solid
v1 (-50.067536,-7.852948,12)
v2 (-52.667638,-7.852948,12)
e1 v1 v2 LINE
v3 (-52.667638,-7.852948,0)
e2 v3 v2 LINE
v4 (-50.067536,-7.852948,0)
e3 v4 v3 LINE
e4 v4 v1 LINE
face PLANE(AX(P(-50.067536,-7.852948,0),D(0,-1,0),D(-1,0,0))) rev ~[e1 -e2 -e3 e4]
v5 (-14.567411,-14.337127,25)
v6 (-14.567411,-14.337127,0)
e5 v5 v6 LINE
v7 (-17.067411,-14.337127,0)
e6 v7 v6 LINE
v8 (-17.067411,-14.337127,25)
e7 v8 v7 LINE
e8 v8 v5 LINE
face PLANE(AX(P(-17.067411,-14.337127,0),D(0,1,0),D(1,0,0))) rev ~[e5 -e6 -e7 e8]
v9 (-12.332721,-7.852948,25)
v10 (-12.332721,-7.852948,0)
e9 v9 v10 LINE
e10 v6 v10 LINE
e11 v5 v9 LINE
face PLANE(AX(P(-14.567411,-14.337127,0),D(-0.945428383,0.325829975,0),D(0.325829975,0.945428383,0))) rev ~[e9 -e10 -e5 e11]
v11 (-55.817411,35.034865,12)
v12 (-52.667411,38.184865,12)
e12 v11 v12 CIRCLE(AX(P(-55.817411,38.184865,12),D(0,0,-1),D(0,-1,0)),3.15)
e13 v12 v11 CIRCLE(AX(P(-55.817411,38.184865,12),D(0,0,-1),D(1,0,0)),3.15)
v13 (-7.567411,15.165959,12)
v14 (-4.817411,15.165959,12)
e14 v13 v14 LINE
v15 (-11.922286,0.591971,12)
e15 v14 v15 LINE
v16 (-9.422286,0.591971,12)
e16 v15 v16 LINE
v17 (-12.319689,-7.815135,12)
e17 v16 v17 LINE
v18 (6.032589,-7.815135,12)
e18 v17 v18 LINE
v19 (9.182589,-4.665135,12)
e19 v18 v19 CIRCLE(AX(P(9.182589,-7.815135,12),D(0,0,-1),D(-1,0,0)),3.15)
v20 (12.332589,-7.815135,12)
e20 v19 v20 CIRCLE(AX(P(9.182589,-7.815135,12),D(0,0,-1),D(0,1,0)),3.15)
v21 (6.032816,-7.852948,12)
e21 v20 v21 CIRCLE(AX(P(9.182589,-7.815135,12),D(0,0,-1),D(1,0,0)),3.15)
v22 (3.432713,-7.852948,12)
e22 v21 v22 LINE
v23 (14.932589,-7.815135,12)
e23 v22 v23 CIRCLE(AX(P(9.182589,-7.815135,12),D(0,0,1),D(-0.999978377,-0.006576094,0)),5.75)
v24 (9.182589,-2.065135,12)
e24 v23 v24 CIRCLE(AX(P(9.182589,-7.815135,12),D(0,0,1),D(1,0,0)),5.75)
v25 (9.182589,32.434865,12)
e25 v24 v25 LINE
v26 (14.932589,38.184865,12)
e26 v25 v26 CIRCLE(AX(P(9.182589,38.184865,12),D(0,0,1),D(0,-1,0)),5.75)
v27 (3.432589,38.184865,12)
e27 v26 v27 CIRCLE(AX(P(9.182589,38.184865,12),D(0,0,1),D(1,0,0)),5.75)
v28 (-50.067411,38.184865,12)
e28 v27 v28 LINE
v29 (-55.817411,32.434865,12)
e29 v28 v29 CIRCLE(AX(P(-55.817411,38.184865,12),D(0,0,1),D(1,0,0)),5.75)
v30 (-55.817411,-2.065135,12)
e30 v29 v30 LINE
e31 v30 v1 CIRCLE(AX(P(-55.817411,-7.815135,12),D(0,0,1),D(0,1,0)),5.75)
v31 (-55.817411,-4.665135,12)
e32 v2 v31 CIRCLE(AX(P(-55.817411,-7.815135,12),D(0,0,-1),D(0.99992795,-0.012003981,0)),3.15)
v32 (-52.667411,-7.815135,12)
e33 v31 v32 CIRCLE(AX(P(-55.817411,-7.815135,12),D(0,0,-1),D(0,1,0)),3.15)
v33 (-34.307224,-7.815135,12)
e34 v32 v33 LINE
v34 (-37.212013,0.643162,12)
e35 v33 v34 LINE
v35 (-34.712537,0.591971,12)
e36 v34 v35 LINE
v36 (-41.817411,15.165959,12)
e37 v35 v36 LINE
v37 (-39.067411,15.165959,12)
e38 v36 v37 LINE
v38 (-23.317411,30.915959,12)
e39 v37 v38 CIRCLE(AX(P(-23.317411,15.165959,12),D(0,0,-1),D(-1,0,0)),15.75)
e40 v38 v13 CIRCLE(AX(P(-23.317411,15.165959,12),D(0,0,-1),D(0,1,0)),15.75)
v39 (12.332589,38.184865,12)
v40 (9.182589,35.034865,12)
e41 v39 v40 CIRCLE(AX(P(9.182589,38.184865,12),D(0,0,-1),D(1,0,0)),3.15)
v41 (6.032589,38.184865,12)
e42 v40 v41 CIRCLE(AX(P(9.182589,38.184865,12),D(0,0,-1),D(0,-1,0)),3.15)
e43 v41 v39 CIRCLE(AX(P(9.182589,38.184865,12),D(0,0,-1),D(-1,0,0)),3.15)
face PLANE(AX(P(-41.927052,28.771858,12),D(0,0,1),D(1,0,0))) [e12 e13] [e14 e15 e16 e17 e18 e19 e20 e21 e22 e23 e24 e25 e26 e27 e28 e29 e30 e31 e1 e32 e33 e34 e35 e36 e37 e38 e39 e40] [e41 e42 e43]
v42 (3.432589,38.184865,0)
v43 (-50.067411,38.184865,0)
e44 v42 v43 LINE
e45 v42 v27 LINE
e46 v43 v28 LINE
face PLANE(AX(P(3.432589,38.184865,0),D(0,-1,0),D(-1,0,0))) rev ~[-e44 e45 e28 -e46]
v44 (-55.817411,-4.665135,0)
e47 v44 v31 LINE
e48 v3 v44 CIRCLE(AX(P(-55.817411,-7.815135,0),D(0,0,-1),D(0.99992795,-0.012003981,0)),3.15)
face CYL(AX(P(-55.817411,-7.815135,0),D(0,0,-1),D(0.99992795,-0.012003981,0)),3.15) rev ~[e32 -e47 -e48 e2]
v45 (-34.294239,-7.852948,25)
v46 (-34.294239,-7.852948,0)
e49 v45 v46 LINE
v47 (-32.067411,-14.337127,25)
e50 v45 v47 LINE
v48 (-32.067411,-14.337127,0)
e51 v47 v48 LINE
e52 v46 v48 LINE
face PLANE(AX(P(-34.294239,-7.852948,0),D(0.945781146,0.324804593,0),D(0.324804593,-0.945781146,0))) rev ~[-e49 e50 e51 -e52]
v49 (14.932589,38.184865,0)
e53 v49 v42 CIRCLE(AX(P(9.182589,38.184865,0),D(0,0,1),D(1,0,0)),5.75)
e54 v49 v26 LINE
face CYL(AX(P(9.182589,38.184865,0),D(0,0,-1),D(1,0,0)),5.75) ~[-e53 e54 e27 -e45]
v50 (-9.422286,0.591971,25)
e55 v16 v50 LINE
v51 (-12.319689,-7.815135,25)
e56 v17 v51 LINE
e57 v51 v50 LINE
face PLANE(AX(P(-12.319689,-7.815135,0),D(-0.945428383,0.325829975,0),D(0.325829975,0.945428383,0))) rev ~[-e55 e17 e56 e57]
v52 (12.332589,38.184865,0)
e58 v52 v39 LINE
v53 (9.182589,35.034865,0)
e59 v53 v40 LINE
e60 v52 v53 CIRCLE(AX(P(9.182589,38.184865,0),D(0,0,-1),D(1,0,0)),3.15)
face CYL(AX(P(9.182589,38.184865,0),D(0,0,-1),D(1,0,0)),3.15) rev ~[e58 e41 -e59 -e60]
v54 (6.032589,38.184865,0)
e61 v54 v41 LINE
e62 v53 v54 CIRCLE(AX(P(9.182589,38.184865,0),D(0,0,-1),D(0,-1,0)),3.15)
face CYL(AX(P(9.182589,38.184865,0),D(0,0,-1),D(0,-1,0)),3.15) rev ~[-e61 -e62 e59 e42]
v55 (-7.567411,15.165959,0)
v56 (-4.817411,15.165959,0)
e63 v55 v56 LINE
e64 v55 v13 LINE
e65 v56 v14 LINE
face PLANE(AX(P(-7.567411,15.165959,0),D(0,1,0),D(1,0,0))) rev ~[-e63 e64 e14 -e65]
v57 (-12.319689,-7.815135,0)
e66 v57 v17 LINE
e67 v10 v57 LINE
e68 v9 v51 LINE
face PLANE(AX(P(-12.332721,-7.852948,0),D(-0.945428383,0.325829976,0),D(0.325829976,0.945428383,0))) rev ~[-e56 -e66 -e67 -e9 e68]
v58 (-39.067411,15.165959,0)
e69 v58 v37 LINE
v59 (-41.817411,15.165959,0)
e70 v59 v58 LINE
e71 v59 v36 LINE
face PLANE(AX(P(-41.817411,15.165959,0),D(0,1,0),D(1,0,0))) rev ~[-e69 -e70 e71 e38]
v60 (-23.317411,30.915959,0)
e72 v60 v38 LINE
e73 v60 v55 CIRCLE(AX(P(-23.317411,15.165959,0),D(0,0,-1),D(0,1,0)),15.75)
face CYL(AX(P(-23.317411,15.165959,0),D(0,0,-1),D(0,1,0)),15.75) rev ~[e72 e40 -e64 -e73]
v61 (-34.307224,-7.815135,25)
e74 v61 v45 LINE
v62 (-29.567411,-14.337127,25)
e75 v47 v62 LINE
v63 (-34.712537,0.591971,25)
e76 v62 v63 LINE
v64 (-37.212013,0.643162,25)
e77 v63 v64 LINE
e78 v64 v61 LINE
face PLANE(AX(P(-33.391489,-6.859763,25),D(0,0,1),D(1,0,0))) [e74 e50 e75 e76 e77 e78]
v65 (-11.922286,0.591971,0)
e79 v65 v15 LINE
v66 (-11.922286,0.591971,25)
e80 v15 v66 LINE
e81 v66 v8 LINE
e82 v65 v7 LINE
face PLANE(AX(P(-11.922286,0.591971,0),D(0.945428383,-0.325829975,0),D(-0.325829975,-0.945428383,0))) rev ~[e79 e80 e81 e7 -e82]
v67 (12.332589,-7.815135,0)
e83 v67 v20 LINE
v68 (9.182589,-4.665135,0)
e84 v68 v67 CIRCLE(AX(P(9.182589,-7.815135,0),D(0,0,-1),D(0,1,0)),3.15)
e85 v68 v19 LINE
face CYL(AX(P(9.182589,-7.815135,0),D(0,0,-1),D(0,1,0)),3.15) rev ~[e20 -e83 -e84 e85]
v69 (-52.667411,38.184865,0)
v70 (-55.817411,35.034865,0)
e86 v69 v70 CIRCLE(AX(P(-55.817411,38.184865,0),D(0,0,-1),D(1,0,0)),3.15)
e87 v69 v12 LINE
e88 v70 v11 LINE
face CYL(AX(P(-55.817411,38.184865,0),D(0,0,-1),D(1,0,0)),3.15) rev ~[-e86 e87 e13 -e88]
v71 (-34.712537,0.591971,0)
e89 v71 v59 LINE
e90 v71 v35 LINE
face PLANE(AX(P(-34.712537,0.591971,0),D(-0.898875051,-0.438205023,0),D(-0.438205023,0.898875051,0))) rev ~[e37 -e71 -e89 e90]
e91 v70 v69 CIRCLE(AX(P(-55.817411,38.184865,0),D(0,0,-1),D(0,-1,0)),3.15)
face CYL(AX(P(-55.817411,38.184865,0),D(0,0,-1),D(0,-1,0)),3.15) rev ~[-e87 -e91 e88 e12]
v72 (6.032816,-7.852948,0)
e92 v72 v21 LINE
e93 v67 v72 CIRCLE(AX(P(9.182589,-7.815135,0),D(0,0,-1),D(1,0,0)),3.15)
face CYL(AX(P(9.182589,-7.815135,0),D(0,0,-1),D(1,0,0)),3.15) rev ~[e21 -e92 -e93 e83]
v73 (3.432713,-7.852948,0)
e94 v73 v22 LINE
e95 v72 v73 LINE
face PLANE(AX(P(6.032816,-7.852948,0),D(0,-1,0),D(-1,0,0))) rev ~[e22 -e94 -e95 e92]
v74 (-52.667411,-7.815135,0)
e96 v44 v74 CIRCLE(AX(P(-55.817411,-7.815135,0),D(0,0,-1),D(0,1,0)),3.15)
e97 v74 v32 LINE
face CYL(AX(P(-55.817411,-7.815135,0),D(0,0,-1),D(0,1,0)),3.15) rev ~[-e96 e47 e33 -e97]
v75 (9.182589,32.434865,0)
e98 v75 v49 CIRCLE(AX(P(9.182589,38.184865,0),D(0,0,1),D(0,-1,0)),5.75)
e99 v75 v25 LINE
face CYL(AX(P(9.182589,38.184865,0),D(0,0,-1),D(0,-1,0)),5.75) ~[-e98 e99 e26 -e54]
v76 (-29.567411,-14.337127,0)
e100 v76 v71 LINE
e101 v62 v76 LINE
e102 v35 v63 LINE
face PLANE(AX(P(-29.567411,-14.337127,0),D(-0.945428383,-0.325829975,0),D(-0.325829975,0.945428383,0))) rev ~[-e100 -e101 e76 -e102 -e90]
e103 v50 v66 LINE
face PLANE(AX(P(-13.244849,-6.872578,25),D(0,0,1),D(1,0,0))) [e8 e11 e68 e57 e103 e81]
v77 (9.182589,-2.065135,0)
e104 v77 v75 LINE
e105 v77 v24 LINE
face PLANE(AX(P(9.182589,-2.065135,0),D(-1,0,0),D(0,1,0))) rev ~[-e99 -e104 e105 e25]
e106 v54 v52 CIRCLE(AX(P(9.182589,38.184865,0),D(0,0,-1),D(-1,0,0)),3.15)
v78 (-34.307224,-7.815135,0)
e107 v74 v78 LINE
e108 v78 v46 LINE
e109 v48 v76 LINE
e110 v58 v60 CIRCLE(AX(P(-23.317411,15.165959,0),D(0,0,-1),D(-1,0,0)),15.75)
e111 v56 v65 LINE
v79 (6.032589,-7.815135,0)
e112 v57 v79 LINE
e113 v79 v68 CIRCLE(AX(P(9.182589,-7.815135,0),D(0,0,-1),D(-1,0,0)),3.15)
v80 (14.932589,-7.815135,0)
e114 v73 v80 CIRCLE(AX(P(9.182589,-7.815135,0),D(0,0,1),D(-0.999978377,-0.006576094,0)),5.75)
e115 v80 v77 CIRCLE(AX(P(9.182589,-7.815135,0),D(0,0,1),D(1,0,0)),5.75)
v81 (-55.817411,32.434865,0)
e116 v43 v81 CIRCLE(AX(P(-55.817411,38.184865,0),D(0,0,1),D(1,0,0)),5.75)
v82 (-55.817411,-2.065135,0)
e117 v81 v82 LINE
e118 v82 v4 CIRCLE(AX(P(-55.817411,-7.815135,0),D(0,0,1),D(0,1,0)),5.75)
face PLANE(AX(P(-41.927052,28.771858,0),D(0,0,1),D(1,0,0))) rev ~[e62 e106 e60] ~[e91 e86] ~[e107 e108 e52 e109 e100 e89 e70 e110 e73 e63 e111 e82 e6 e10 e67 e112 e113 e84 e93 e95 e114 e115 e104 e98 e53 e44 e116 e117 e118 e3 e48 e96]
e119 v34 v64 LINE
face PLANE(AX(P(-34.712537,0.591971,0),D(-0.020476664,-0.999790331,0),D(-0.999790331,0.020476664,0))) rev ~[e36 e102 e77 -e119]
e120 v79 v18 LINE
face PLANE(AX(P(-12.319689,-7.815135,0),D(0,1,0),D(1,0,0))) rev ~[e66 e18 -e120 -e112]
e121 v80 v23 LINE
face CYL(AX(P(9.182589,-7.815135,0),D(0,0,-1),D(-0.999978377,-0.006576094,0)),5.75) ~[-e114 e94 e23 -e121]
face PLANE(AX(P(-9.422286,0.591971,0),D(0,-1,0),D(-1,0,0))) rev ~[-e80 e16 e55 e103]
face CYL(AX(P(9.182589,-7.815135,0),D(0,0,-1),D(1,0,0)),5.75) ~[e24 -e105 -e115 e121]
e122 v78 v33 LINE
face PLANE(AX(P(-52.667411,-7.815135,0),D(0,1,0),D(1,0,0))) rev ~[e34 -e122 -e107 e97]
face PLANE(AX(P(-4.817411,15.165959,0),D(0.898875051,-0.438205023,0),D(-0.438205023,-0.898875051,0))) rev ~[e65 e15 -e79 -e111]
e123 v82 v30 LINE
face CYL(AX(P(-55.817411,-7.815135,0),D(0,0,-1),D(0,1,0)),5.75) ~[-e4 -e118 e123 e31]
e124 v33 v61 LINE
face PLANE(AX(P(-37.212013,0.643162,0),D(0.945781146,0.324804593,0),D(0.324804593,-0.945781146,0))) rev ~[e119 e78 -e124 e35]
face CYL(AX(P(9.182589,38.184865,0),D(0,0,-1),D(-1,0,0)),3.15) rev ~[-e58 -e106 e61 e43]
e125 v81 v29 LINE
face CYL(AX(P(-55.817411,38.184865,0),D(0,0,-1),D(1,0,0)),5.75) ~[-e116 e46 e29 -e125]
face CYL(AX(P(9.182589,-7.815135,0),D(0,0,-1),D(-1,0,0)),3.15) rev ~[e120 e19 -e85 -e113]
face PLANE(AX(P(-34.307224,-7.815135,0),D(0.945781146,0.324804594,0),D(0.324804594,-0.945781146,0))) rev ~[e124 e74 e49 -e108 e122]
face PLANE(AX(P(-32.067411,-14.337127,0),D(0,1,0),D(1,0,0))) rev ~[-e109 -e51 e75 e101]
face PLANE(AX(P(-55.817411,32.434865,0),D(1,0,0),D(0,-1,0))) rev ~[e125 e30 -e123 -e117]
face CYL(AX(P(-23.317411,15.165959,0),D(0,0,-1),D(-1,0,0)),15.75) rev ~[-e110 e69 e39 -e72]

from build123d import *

# Parameters (mm, degrees)
F1_DEPTH = 12
F2_DEPTH = 25


with BuildPart() as f1:
    # F0 (on Top) → F1 (new body)
    with BuildSketch(Plane.XY):
        with BuildLine():
            Line((-23.3174114416, 38.1848648238), (-50.0674114416, 38.1848648238))
            ThreePointArc((-50.0674114416, 38.1848648238), (-51.7515474498, 34.119000832), (-55.8174114416, 32.4348648238))
            Line((-55.8174114416, 32.4348648238), (-55.8174114416, 15.1848648238))
            Line((-55.8174114416, 15.1848648238), (-41.8174114416, 15.1659585536))
            ThreePointArc((-41.8174114416, 15.1659585536), (-36.3988868935, 28.2474340055), (-23.3174114416, 33.6659585536))
            Line((-23.3174114416, 33.6659585536), (-23.3174114416, 38.1848648238))
        make_face()
        with BuildLine():
            Line((-50.0674114416, 38.1848648238), (-52.6674114416, 38.1848648238))
            ThreePointArc((-52.6674114416, 38.1848648238), (-53.5900250808, 35.9574784631), (-55.8174114416, 35.0348648238))
            Line((-55.8174114416, 35.0348648238), (-55.8174114416, 32.4348648238))
            ThreePointArc((-55.8174114416, 32.4348648238), (-51.7515474498, 34.119000832), (-50.0674114416, 38.1848648238))
        make_face()
        with BuildLine():
            ThreePointArc((-55.8174114416, 35.0348648238), (-58.0447978023, 40.4122511846), (-52.6674114416, 38.1848648238))
            Line((-52.6674114416, 38.1848648238), (-50.0674114416, 38.1848648238))
            ThreePointArc((-50.0674114416, 38.1848648238), (-59.8832754334, 42.2507288157), (-55.8174114416, 32.4348648238))
            Line((-55.8174114416, 32.4348648238), (-55.8174114416, 35.0348648238))
        make_face()
        with BuildLine():
            Line((3.4325885584, 38.1848648238), (-23.3174114416, 38.1848648238))
            Line((-23.3174114416, 38.1848648238), (-23.3174114416, 33.6659585536))
            ThreePointArc((-23.3174114416, 33.6659585536), (-10.2359359896, 28.2474340055), (-4.8174114416, 15.1659585536))
            Line((-4.8174114416, 15.1659585536), (9.1825885584, 15.1659585536))
            Line((9.1825885584, 15.1659585536), (9.1825885584, 32.4348648238))
            ThreePointArc((9.1825885584, 32.4348648238), (5.1167245666, 34.119000832), (3.4325885584, 38.1848648238))
        make_face()
        with BuildLine():
            ThreePointArc((-4.8174114416, 15.1659585536), (-10.2359359896, 28.2474340055), (-23.3174114416, 33.6659585536))
            Line((-23.3174114416, 33.6659585536), (-23.3174114416, 30.9159585536))
            ThreePointArc((-23.3174114416, 30.9159585536), (-12.1804796379, 26.3028903572), (-7.5674114416, 15.1659585536))
            Line((-7.5674114416, 15.1659585536), (-4.8174114416, 15.1659585536))
        make_face()
        with BuildLine():
            Line((-23.3174114416, 30.9159585536), (-23.3174114416, 33.6659585536))
            ThreePointArc((-23.3174114416, 33.6659585536), (-36.3988868935, 28.2474340055), (-41.8174114416, 15.1659585536))
            Line((-41.8174114416, 15.1659585536), (-39.0674114416, 15.1659585536))
            ThreePointArc((-39.0674114416, 15.1659585536), (-34.4543432453, 26.3028903572), (-23.3174114416, 30.9159585536))
        make_face()
        with BuildLine():
            ThreePointArc((14.9325885584, 38.1848648238), (9.1825885584, 43.9348648238), (3.4325885584, 38.1848648238))
            Line((3.4325885584, 38.1848648238), (6.0325885584, 38.1848648238))
            ThreePointArc((6.0325885584, 38.1848648238), (9.1825885584, 41.3348648238), (12.3325885584, 38.1848648238))
            ThreePointArc((12.3325885584, 38.1848648238), (11.4099749192, 35.9574784631), (9.1825885584, 35.0348648238))
            Line((9.1825885584, 35.0348648238), (9.1825885584, 32.4348648238))
            ThreePointArc((9.1825885584, 32.4348648238), (13.2484525502, 34.119000832), (14.9325885584, 38.1848648238))
        make_face()
        with BuildLine():
            Line((6.0325885584, 38.1848648238), (3.4325885584, 38.1848648238))
            ThreePointArc((3.4325885584, 38.1848648238), (5.1167245666, 34.119000832), (9.1825885584, 32.4348648238))
            Line((9.1825885584, 32.4348648238), (9.1825885584, 35.0348648238))
            ThreePointArc((9.1825885584, 35.0348648238), (6.9552021977, 35.9574784631), (6.0325885584, 38.1848648238))
        make_face()
        with BuildLine():
            ThreePointArc((14.9325885584, -7.8151351762), (13.2484525502, -3.7492711843), (9.1825885584, -2.0651351762))
            Line((9.1825885584, -2.0651351762), (9.1825885584, -4.6651351762))
            ThreePointArc((9.1825885584, -4.6651351762), (11.4099749192, -5.5877488154), (12.3325885584, -7.8151351762))
            ThreePointArc((12.3325885584, -7.8151351762), (9.2014951693, -10.965078436), (6.0328155171, -7.8529477167))
            Line((6.0328155171, -7.8529477167), (3.4327128892, -7.8529477167))
            ThreePointArc((3.4327128892, -7.8529477167), (9.2014949309, -13.5651040934), (14.9325885584, -7.8151351762))
        make_face()
        with BuildLine():
            Line((9.1825885584, -4.6651351762), (9.1825885584, -2.0651351762))
            ThreePointArc((9.1825885584, -2.0651351762), (5.1167245666, -3.7492711843), (3.4325885584, -7.8151351762))
            Line((3.4325885584, -7.8151351762), (6.0325885584, -7.8151351762))
            ThreePointArc((6.0325885584, -7.8151351762), (6.9552021977, -5.5877488154), (9.1825885584, -4.6651351762))
        make_face()
        Polygon((-9.4222861933, 0.5919707473), (-11.9222861933, 0.5919707473), (-17.0674114416, -14.3371266833), (-14.5674114416, -14.3371266833), (-12.3327208938, -7.8529477167), (-12.3196892783, -7.8151351762), align=None)
        with BuildLine():
            Line((9.1825885584, 15.1659585536), (-4.8174114416, 15.1659585536))
            Line((-4.8174114416, 15.1659585536), (-11.9222861933, 0.5919707473))
            Line((-11.9222861933, 0.5919707473), (-9.4222861933, 0.5919707473))
            Line((-9.4222861933, 0.5919707473), (-12.3196892783, -7.8151351762))
            Line((-12.3196892783, -7.8151351762), (3.4325885584, -7.8151351762))
            ThreePointArc((3.4325885584, -7.8151351762), (5.1167245666, -3.7492711843), (9.1825885584, -2.0651351762))
            Line((9.1825885584, -2.0651351762), (9.1825885584, 15.1659585536))
        make_face()
        with BuildLine():
            Line((-41.8174114416, 15.1659585536), (-55.8174114416, 15.1848648238))
            Line((-55.8174114416, 15.1848648238), (-55.8174114416, -2.0651351762))
            ThreePointArc((-55.8174114416, -2.0651351762), (-51.7515474498, -3.7492711843), (-50.0674114416, -7.8151351762))
            Line((-50.0674114416, -7.8151351762), (-34.3072243265, -7.8151351762))
            Line((-34.3072243265, -7.8151351762), (-37.2120125177, 0.643162408))
            Line((-37.2120125177, 0.643162408), (-34.7125366899, 0.5919707473))
            Line((-34.7125366899, 0.5919707473), (-41.8174114416, 15.1659585536))
        make_face()
        with BuildLine():
            ThreePointArc((-50.0674114416, -7.8151351762), (-51.7515474498, -3.7492711843), (-55.8174114416, -2.0651351762))
            Line((-55.8174114416, -2.0651351762), (-55.8174114416, -4.6651351762))
            ThreePointArc((-55.8174114416, -4.6651351762), (-53.5900250808, -5.5877488154), (-52.6674114416, -7.8151351762))
            Line((-52.6674114416, -7.8151351762), (-50.0674114416, -7.8151351762))
        make_face()
        with BuildLine():
            Line((-55.8174114416, -4.6651351762), (-55.8174114416, -2.0651351762))
            ThreePointArc((-55.8174114416, -2.0651351762), (-59.8966222787, -11.867608365), (-50.0675357723, -7.8529477167))
            Line((-50.0675357723, -7.8529477167), (-52.6676384003, -7.8529477167))
            ThreePointArc((-52.6676384003, -7.8529477167), (-58.0581266737, -10.0291124228), (-55.8174114416, -4.6651351762))
        make_face()
        Polygon((-29.5674114416, -14.3371266833), (-34.7125366899, 0.5919707473), (-37.2120125177, 0.643162408), (-34.3072243265, -7.8151351762), (-34.2942385666, -7.8529477167), (-32.0674114416, -14.3371266833), align=None)
    extrude(amount=F1_DEPTH)

    # F0 (on Top) → F2 (join)
    with BuildSketch(Plane.XY):
        Polygon((-29.5674114416, -14.3371266833), (-34.7125366899, 0.5919707473), (-37.2120125177, 0.643162408), (-34.3072243265, -7.8151351762), (-34.2942385666, -7.8529477167), (-32.0674114416, -14.3371266833), align=None)
        Polygon((-9.4222861933, 0.5919707473), (-11.9222861933, 0.5919707473), (-17.0674114416, -14.3371266833), (-14.5674114416, -14.3371266833), (-12.3327208938, -7.8529477167), (-12.3196892783, -7.8151351762), align=None)
    extrude(amount=F2_DEPTH)


solid = f1.part
